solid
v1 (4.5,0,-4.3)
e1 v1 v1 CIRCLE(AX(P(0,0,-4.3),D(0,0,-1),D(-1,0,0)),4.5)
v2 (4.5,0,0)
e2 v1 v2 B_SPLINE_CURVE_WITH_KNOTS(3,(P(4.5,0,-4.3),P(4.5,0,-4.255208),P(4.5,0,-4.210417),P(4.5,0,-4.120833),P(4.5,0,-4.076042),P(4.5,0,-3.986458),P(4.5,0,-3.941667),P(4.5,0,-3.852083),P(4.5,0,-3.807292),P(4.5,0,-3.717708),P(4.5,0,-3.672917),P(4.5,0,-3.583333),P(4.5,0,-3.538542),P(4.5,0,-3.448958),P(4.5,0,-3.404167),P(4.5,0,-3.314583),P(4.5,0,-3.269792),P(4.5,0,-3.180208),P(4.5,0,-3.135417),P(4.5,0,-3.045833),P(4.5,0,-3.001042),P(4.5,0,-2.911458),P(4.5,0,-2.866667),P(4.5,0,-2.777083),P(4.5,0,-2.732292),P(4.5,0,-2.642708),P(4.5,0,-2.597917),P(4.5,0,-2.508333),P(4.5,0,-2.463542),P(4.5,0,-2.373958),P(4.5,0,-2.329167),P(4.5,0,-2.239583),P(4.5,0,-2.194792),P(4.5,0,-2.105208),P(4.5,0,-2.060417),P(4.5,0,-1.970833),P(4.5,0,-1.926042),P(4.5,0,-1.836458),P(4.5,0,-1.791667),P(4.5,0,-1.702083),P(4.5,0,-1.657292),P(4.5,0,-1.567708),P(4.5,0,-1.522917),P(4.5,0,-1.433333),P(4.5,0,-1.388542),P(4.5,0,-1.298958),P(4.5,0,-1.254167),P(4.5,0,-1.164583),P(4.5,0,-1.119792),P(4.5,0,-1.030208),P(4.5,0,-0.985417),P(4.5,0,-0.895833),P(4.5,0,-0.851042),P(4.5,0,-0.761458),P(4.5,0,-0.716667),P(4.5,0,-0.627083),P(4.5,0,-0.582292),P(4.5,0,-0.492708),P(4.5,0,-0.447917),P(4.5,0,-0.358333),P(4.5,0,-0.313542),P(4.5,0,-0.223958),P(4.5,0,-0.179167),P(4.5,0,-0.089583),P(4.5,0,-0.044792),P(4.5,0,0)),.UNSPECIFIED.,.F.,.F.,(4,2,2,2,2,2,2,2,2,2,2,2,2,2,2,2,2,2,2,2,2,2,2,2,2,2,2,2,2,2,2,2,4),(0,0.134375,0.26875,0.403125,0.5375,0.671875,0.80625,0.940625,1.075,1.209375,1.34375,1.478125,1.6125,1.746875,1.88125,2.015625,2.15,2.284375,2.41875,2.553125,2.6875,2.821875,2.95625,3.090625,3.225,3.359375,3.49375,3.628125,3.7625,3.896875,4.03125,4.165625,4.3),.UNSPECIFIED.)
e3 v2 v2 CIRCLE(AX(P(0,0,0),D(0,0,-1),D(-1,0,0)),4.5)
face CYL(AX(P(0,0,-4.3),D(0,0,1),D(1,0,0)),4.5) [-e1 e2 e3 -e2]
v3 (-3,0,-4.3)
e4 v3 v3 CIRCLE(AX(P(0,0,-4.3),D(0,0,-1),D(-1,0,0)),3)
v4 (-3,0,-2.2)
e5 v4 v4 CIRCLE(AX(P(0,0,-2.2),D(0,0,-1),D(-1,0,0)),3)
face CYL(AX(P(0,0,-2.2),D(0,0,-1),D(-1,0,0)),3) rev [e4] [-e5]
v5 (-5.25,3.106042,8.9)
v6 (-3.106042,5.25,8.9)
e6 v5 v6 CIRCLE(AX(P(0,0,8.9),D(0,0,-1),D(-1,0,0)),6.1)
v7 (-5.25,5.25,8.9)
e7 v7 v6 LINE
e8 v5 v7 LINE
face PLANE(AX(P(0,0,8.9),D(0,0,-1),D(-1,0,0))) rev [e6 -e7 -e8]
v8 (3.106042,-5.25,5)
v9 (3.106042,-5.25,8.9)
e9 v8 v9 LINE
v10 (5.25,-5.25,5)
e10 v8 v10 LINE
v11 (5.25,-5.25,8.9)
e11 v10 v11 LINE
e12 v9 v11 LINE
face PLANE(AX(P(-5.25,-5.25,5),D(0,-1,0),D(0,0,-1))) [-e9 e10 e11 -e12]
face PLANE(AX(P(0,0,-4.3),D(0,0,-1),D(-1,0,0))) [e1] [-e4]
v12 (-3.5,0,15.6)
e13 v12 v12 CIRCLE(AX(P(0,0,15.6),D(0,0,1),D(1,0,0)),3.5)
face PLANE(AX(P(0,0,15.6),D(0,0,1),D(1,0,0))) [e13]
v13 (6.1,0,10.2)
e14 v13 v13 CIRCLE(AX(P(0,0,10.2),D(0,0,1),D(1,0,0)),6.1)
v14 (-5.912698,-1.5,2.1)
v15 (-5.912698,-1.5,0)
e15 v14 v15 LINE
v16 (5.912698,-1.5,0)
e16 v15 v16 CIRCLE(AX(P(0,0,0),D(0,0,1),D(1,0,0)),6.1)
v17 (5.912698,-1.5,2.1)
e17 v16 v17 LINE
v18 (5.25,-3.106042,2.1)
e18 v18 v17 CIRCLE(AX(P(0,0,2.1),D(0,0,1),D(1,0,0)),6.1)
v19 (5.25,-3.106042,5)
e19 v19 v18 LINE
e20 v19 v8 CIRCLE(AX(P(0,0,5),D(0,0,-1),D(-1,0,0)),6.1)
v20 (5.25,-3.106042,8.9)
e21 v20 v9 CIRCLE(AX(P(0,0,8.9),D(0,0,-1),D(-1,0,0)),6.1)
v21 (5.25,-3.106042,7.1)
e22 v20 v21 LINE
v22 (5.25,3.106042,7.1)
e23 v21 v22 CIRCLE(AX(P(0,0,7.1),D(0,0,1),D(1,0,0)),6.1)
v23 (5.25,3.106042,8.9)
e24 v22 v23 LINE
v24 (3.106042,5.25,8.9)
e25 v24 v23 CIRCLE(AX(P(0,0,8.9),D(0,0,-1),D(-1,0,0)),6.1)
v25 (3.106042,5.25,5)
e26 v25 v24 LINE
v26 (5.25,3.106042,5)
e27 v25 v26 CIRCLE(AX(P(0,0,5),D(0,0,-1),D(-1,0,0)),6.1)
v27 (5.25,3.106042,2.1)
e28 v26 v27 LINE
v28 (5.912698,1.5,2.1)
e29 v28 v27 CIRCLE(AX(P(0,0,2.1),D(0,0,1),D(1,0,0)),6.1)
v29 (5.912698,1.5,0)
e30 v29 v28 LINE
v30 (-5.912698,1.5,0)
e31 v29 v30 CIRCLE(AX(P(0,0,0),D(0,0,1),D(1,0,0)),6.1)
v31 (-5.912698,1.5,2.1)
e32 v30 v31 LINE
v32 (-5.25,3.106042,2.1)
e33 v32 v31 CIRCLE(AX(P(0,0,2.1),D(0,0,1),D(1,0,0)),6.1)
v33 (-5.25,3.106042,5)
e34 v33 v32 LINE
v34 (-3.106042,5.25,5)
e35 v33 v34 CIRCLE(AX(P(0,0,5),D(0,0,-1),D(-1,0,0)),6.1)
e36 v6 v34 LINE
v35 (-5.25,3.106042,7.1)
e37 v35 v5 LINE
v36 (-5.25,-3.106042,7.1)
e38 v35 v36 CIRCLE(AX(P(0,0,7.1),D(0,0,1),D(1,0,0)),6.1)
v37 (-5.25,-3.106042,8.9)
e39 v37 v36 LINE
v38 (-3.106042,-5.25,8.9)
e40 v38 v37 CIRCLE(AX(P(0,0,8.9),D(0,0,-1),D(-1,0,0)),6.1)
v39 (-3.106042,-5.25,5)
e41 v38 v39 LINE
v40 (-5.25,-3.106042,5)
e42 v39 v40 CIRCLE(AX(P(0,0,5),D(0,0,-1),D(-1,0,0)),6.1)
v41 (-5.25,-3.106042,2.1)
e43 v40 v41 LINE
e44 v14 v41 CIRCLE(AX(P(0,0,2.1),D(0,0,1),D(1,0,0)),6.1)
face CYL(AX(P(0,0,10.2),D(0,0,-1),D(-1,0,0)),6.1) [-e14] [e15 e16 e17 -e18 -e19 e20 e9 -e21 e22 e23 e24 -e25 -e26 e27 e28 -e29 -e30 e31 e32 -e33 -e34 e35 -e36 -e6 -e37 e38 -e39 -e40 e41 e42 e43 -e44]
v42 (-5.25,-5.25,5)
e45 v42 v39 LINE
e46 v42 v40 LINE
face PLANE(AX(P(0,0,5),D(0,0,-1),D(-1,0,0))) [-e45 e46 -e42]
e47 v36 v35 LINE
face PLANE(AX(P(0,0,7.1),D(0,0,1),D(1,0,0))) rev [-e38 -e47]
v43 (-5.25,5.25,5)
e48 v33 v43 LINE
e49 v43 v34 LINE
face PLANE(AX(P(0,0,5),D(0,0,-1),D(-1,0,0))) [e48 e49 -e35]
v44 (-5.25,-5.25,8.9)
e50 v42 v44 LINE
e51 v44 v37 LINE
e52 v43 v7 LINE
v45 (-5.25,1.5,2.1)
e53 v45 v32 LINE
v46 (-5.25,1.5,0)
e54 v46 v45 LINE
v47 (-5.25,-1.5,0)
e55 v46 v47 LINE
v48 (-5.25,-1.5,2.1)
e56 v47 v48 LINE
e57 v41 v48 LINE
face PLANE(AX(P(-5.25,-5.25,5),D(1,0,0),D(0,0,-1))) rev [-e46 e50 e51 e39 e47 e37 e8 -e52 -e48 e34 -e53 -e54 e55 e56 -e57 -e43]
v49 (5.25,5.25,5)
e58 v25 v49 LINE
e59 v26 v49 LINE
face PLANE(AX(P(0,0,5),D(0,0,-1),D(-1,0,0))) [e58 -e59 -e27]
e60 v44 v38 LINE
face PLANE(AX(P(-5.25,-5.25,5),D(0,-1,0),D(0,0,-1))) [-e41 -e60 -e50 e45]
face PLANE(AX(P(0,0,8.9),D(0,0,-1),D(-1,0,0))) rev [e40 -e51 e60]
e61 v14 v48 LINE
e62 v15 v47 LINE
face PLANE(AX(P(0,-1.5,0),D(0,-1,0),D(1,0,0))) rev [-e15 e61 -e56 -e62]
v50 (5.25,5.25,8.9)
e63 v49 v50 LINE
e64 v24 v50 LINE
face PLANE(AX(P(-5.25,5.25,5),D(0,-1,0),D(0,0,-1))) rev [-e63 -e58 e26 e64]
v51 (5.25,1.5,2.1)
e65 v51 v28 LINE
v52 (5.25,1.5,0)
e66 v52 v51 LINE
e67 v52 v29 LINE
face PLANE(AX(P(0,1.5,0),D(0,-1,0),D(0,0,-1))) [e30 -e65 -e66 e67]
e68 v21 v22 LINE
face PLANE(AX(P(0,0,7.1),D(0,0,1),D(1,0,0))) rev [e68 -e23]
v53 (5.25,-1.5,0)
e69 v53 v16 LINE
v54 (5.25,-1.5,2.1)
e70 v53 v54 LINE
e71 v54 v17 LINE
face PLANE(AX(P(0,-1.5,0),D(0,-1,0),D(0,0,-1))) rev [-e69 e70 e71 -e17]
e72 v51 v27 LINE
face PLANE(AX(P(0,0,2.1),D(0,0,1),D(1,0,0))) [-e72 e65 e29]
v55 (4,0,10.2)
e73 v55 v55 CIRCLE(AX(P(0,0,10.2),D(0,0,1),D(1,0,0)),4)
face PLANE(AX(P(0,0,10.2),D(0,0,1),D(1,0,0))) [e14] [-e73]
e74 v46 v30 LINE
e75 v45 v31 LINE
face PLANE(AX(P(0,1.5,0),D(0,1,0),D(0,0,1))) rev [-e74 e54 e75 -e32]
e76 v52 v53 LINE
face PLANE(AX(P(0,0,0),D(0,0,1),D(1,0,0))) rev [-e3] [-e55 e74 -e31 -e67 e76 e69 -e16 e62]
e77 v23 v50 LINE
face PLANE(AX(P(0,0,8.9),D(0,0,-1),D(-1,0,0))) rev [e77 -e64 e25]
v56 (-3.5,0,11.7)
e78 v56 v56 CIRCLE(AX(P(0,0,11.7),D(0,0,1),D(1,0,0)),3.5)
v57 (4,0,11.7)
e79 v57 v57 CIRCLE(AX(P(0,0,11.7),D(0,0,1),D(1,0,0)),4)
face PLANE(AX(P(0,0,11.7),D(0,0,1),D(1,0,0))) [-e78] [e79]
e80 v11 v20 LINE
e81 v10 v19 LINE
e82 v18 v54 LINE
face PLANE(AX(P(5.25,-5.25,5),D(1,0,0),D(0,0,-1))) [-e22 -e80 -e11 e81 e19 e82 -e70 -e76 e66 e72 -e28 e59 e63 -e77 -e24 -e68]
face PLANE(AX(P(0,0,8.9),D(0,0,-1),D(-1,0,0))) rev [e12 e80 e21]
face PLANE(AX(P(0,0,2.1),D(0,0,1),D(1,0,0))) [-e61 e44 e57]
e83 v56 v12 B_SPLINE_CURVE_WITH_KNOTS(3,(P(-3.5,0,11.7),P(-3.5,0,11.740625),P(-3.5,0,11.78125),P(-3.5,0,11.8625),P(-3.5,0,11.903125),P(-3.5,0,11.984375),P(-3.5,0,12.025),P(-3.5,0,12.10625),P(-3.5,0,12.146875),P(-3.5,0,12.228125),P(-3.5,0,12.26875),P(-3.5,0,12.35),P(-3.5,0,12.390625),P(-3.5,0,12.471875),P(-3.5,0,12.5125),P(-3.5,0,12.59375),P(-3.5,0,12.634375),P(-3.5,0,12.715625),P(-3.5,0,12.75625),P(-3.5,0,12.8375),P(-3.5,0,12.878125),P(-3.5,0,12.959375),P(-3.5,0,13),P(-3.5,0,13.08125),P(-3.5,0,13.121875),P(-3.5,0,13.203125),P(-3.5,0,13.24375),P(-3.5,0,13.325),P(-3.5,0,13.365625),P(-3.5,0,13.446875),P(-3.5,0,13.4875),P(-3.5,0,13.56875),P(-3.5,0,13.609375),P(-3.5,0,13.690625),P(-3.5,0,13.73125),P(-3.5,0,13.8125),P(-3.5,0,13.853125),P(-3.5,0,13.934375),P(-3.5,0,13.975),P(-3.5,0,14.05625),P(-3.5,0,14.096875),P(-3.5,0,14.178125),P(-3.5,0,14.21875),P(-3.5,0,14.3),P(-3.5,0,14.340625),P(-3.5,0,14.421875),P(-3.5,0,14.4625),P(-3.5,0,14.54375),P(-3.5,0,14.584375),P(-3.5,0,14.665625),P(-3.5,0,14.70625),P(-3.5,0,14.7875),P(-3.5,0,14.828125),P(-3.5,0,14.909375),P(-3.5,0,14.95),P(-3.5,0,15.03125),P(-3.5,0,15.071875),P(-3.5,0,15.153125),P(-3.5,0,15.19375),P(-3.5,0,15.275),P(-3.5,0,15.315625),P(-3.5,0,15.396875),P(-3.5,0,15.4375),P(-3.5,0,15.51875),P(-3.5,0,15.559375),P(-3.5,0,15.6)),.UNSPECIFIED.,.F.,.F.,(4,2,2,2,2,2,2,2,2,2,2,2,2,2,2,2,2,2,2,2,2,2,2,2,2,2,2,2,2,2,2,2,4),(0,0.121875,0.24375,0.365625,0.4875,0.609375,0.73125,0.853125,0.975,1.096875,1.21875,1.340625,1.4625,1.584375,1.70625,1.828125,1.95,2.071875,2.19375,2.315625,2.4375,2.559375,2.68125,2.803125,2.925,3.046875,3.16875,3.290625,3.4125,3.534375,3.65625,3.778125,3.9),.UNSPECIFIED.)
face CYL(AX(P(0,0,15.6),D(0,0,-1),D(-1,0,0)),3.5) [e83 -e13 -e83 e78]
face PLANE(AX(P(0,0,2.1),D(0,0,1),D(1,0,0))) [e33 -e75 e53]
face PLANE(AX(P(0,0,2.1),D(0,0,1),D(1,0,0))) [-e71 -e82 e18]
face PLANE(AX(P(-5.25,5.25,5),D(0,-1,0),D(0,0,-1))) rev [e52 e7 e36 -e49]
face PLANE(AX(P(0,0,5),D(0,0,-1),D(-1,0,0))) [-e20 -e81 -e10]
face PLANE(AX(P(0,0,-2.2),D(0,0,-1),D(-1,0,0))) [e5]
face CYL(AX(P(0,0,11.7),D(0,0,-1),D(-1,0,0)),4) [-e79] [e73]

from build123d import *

# Parameters (mm, degrees)
SKETCH_1_R          = 6.1
EXTRUDE_1_DEPTH     = 10.2
EXTRUDE_START       = 8.9
SKETCH_1_5_W        = 10.5
SKETCH_1_5_H        = 10.5
EXTRUDE_2_DEPTH     = 3.9
CUT_EXTRUDE_START   = 2.1
CUT_EXTRUDE_1_DEPTH = 5
SKETCH_3_W          = 5.6626982
SKETCH_3_H          = 3
CUT_EXTRUDE_2_DEPTH = 12.83342723
SKETCH_4_R          = 4.5
EXTRUDE_3_DEPTH     = 4.3
SKETCH_5_R          = 3
CUT_EXTRUDE_3_DEPTH = 2.1
SKETCH_6_R          = 4
SKETCH_6_R_2        = 3.5
EXTRUDE_4_DEPTH     = 1.5
SKETCH_6_2_R        = 3.5
EXTRUDE_5_DEPTH     = 5.4


with BuildPart() as part:
    # 草图1 → 凸台-拉伸1 (new body)
    with BuildSketch(Plane.XY):
        Circle(SKETCH_1_R)
    extrude(amount=EXTRUDE_1_DEPTH)

    # 草图1<5> → 凸台-拉伸2 (add)
    with BuildSketch(Plane.XY.offset(EXTRUDE_START)):
        Rectangle(SKETCH_1_5_W, SKETCH_1_5_H)
    extrude(amount=-EXTRUDE_2_DEPTH)

    # 草图1<6> → 切除-拉伸1 (cut)
    with BuildSketch(Plane.XY.offset(CUT_EXTRUDE_START)):
        with BuildLine():
            ThreePointArc((-5.25, 3.106042498), (-6.1, 0), (-5.25, -3.106042498))
            Line((-5.25, -3.106042498), (-5.25, 3.106042498))
        make_face()
        with BuildLine():
            Line((5.25, 3.106042498), (5.25, -3.106042498))
            ThreePointArc((5.25, -3.106042498), (6.1, 0), (5.25, 3.106042498))
        make_face()
    extrude(amount=CUT_EXTRUDE_1_DEPTH, mode=Mode.SUBTRACT)

    # 草图3 → 切除-拉伸2 (cut, through all)
    with BuildSketch(Plane.XY.offset(2.1)):
        with BuildLine():
            Line((5.9126982, 1.5), (5.25, 1.5))
            Line((5.25, 1.5), (5.25, -1.5))
            Line((5.25, -1.5), (5.9126982, -1.5))
            ThreePointArc((5.9126982, -1.5), (6.1, 0), (5.9126982, 1.5))
        make_face()
        with Locations((-8.0813491, 0)):
            Rectangle(SKETCH_3_W, SKETCH_3_H)
    extrude(amount=-CUT_EXTRUDE_2_DEPTH, mode=Mode.SUBTRACT)

    # 草图4 → 凸台-拉伸3 (add)
    with BuildSketch(Plane(origin=(0, 0, 0), x_dir=(-1, 0, 0), z_dir=(0, 0, -1))):
        Circle(SKETCH_4_R)
    extrude(amount=EXTRUDE_3_DEPTH)

    # 草图5 → 切除-拉伸3 (cut)
    with BuildSketch(Plane(origin=(0, 0, -4.3), x_dir=(-1, 0, 0), z_dir=(0, 0, -1))):
        Circle(SKETCH_5_R)
    extrude(amount=-CUT_EXTRUDE_3_DEPTH, mode=Mode.SUBTRACT)

    # 草图6 → 凸台-拉伸4 (add)
    with BuildSketch(Plane.XY.offset(10.2)):
        Circle(SKETCH_6_R)
        Circle(SKETCH_6_R_2, mode=Mode.SUBTRACT)
    extrude(amount=EXTRUDE_4_DEPTH)

    # 草图6<2> → 凸台-拉伸5 (add)
    with BuildSketch(Plane.XY.offset(10.2)):
        Circle(SKETCH_6_2_R)
    extrude(amount=EXTRUDE_5_DEPTH)


solid = part.part
